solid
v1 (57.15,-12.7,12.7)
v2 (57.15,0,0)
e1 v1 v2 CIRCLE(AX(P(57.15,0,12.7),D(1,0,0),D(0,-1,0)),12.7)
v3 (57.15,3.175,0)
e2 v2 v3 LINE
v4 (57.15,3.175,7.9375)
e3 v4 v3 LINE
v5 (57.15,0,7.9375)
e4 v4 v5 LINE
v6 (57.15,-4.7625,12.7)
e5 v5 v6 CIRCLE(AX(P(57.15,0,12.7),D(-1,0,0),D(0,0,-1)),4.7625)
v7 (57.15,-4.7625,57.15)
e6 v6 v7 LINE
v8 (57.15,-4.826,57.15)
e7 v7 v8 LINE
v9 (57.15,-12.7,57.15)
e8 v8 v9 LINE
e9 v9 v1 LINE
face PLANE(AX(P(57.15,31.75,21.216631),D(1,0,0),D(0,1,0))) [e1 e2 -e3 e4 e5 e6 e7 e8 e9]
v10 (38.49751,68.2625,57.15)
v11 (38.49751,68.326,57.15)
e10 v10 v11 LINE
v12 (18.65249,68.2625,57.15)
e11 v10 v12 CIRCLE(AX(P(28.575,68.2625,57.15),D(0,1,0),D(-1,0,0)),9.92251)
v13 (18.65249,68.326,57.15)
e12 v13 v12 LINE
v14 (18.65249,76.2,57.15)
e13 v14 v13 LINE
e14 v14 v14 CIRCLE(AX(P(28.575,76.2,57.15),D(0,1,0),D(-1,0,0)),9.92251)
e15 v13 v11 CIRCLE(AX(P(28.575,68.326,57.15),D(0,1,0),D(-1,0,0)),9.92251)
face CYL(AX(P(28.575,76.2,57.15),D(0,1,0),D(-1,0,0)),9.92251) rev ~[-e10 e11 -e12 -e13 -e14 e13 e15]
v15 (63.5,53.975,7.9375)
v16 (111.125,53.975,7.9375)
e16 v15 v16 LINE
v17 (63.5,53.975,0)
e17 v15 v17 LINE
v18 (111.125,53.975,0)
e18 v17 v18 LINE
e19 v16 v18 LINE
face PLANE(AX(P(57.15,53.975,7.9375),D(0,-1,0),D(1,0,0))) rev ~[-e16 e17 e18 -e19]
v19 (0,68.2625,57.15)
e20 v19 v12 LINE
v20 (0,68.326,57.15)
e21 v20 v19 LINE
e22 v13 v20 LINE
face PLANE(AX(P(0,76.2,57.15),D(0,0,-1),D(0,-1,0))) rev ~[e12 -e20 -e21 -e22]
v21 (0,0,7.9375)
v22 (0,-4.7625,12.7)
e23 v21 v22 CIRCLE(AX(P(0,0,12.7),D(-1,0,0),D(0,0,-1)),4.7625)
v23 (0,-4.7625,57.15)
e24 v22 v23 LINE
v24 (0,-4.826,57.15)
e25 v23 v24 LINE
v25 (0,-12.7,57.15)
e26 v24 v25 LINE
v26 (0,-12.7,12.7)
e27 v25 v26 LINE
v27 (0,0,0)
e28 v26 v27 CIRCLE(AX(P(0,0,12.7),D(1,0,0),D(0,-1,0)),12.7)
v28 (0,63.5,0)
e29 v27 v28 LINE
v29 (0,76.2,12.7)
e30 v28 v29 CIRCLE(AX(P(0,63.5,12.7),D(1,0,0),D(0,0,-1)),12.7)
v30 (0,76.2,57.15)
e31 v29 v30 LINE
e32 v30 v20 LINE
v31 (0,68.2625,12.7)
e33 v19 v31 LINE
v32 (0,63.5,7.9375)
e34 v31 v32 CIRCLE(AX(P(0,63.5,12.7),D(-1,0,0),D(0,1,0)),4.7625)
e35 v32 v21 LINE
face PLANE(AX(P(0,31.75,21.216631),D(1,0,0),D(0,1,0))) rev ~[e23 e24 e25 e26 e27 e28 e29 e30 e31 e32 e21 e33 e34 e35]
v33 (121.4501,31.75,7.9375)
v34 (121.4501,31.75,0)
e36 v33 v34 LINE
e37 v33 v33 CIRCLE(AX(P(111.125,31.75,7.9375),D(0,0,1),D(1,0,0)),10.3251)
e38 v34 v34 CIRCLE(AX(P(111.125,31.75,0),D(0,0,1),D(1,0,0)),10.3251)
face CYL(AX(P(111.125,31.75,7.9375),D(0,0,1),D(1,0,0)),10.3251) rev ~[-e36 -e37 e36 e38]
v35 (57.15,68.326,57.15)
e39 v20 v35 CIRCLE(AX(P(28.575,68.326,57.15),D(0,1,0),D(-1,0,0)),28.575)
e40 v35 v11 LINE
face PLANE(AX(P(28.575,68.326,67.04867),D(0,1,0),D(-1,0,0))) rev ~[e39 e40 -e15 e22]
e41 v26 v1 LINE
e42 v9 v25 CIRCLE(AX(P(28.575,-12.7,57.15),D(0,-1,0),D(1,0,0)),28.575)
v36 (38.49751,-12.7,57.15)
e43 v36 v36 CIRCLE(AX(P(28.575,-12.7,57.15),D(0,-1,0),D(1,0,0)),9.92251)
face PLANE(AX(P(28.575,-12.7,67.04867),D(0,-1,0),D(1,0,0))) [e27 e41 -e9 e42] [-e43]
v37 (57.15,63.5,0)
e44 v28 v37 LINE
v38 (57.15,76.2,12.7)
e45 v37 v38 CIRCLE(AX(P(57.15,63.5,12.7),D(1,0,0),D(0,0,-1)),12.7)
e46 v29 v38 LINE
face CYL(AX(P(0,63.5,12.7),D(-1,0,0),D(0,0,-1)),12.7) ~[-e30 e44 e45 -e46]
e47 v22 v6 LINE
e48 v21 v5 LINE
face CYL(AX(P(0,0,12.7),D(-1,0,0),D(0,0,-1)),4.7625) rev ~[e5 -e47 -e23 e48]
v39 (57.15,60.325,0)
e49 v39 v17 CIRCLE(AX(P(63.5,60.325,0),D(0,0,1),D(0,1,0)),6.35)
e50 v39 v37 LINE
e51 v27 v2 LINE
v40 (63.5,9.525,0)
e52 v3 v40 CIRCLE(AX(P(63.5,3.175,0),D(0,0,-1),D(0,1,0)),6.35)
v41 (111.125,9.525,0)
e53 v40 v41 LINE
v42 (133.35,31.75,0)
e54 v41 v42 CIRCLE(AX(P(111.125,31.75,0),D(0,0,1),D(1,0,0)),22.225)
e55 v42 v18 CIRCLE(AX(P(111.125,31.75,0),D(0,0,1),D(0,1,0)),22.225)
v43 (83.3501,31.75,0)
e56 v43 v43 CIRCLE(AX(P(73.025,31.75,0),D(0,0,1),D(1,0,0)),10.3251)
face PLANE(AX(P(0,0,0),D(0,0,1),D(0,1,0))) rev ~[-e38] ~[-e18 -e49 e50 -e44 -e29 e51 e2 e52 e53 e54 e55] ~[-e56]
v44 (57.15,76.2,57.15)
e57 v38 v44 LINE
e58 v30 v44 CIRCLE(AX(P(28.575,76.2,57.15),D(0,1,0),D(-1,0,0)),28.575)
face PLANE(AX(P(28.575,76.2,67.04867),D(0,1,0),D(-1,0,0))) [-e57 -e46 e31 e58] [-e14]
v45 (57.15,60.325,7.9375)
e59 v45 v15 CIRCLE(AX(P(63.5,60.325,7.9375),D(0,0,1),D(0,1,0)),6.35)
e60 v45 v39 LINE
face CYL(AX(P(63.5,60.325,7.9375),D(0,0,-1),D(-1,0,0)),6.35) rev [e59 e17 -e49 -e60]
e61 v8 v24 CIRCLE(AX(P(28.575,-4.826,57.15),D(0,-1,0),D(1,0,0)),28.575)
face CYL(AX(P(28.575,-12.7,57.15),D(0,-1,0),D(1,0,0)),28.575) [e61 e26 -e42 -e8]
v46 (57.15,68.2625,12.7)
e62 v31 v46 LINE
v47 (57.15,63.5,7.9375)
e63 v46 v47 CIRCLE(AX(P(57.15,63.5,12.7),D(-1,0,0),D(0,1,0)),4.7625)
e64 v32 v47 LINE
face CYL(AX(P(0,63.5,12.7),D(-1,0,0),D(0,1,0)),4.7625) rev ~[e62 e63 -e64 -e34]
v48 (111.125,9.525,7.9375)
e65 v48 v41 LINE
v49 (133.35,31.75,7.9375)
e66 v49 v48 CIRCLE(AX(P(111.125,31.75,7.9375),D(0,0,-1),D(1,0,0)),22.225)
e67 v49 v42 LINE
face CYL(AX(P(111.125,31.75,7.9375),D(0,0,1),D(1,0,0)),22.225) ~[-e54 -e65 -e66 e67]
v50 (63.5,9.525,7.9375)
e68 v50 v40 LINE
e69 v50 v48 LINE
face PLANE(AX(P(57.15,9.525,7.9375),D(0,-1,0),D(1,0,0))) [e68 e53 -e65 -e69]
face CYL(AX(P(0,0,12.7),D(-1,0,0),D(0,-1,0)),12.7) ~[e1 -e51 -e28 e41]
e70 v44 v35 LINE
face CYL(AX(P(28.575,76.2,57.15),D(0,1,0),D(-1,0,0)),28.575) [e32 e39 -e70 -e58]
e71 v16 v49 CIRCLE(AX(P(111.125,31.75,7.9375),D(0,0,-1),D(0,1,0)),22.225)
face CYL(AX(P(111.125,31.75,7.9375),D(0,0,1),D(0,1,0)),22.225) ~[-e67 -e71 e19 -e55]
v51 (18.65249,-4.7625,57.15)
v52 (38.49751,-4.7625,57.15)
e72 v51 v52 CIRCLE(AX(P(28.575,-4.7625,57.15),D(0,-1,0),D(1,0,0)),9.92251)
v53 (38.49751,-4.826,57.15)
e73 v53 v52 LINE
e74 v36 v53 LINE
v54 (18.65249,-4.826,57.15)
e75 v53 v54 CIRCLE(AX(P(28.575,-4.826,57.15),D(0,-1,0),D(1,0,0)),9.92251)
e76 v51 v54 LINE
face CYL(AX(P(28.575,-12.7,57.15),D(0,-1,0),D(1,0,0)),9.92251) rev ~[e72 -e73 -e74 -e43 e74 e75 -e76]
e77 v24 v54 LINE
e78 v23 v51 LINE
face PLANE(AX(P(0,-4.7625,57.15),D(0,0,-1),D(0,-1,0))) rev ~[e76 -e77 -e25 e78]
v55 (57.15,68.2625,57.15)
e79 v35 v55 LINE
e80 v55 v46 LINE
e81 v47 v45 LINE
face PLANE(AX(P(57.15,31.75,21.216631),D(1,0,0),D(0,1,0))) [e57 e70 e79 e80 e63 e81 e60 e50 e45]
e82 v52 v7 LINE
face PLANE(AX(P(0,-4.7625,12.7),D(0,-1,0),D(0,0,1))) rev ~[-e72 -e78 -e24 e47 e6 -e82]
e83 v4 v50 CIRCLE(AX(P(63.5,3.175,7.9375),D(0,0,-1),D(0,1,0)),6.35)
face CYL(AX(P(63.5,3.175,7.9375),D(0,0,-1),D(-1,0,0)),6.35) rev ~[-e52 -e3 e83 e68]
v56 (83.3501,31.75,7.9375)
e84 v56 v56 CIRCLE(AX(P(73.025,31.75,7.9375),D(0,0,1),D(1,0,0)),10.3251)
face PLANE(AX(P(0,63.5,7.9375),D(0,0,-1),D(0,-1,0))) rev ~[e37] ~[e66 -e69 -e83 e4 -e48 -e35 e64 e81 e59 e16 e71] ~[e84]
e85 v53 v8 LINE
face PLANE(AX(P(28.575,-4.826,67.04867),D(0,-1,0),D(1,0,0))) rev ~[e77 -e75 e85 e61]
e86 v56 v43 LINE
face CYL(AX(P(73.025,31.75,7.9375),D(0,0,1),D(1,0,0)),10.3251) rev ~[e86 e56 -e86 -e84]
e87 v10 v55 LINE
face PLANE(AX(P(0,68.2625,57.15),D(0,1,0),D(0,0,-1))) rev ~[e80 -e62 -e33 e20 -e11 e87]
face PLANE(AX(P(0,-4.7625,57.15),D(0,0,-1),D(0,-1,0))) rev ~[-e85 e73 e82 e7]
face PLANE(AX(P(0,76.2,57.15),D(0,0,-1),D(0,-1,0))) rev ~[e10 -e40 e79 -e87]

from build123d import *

# Parameters (mm, degrees)
F1_DEPTH  = 57.15
F3_DEPTH  = 7.874
F5_DEPTH  = 7.874
F6_R      = 9.92251
F7_DEPTH  = 25.4
F8_R      = 9.92251
F9_DEPTH  = 25.4
F10_W     = 76.2
F10_H     = 44.45
F11_DEPTH = 7.9375
F12_R     = 10.3251
F13_DEPTH = 25.4
F14_R     = 6.35


with BuildPart() as f1:
    # F0 (on Right) → F1 (new body)
    with BuildSketch(Plane.YZ):
        with BuildLine():
            ThreePointArc((-12.7, 12.7), (-8.9802561211, 3.7197438789), (0, 0))
            Line((0, 0), (63.5, 0))
            ThreePointArc((63.5, 0), (72.4802561211, 3.7197438789), (76.2, 12.7))
            Line((76.2, 12.7), (76.2, 57.15))
            Line((76.2, 57.15), (68.2625, 57.15))
            Line((68.2625, 57.15), (68.2625, 12.7))
            ThreePointArc((68.2625, 12.7), (66.8675960454, 9.3324039546), (63.5, 7.9375))
            Line((63.5, 7.9375), (0, 7.9375))
            ThreePointArc((0, 7.9375), (-3.3675960454, 9.3324039546), (-4.7625, 12.7))
            Line((-4.7625, 12.7), (-4.7625, 57.15))
            Line((-4.7625, 57.15), (-12.7, 57.15))
            Line((-12.7, 57.15), (-12.7, 12.7))
        make_face()
    extrude(amount=F1_DEPTH)

    # F2 (on face) → F3 (join)
    with BuildSketch(Plane.XZ.offset(12.7)):
        with BuildLine():
            Line((0, 57.15), (57.15, 57.15))
            ThreePointArc((57.15, 57.15), (28.575, 85.725), (0, 57.15))
        make_face()
    extrude(amount=-F3_DEPTH)

    # F4 (on face) → F5 (join)
    with BuildSketch(Plane(origin=(0, 76.2, 0), x_dir=(-1, 0, 0), z_dir=(0, 1, 0))):
        with BuildLine():
            Line((-57.15, 57.15), (0, 57.15))
            ThreePointArc((0, 57.15), (-28.575, 85.725), (-57.15, 57.15))
        make_face()
    extrude(amount=-F5_DEPTH)

    # F6 (on face) → F7 (cut)
    with BuildSketch(Plane.XZ.offset(12.7)):
        with Locations((28.575, 57.15)):
            Circle(F6_R)
    extrude(amount=-F7_DEPTH, mode=Mode.SUBTRACT)

    # F8 (on face) → F9 (cut)
    with BuildSketch(Plane(origin=(0, 76.2, 0), x_dir=(-1, 0, 0), z_dir=(0, 1, 0))):
        with Locations((-28.575, 57.15)):
            Circle(F8_R)
    extrude(amount=-F9_DEPTH, mode=Mode.SUBTRACT)

    # F10 (on face) → F11 (join)
    with BuildSketch(Plane.XY.offset(7.9375)):
        with Locations((95.25, 31.75)):
            Rectangle(F10_W, F10_H)
    extrude(amount=-F11_DEPTH)

    # F12 (on face) → F13 (cut)
    with BuildSketch(Plane.XY.offset(7.9375)):
        with Locations((73.025, 31.75)):
            Circle(F12_R)
        with Locations((111.125, 31.75)):
            Circle(F12_R)
        with BuildLine():
            ThreePointArc((111.125, 53.975), (126.8404482119, 47.4654482119), (133.35, 31.75))
            Line((133.35, 31.75), (133.35, 53.975))
            Line((133.35, 53.975), (111.125, 53.975))
        make_face()
        with BuildLine():
            Line((133.35, 9.525), (133.35, 31.75))
            ThreePointArc((133.35, 31.75), (126.8404482119, 16.0345517881), (111.125, 9.525))
            Line((111.125, 9.525), (133.35, 9.525))
        make_face()
    extrude(amount=-F13_DEPTH, mode=Mode.SUBTRACT)

    # F14
    f14_edges = [f1.edges().sort_by_distance(p)[0] for p in [
        (57.15, 9.525, 3.96875),
        (57.15, 53.975, 3.96875),
    ]]
    fillet(f14_edges, radius=F14_R)


solid = f1.part
